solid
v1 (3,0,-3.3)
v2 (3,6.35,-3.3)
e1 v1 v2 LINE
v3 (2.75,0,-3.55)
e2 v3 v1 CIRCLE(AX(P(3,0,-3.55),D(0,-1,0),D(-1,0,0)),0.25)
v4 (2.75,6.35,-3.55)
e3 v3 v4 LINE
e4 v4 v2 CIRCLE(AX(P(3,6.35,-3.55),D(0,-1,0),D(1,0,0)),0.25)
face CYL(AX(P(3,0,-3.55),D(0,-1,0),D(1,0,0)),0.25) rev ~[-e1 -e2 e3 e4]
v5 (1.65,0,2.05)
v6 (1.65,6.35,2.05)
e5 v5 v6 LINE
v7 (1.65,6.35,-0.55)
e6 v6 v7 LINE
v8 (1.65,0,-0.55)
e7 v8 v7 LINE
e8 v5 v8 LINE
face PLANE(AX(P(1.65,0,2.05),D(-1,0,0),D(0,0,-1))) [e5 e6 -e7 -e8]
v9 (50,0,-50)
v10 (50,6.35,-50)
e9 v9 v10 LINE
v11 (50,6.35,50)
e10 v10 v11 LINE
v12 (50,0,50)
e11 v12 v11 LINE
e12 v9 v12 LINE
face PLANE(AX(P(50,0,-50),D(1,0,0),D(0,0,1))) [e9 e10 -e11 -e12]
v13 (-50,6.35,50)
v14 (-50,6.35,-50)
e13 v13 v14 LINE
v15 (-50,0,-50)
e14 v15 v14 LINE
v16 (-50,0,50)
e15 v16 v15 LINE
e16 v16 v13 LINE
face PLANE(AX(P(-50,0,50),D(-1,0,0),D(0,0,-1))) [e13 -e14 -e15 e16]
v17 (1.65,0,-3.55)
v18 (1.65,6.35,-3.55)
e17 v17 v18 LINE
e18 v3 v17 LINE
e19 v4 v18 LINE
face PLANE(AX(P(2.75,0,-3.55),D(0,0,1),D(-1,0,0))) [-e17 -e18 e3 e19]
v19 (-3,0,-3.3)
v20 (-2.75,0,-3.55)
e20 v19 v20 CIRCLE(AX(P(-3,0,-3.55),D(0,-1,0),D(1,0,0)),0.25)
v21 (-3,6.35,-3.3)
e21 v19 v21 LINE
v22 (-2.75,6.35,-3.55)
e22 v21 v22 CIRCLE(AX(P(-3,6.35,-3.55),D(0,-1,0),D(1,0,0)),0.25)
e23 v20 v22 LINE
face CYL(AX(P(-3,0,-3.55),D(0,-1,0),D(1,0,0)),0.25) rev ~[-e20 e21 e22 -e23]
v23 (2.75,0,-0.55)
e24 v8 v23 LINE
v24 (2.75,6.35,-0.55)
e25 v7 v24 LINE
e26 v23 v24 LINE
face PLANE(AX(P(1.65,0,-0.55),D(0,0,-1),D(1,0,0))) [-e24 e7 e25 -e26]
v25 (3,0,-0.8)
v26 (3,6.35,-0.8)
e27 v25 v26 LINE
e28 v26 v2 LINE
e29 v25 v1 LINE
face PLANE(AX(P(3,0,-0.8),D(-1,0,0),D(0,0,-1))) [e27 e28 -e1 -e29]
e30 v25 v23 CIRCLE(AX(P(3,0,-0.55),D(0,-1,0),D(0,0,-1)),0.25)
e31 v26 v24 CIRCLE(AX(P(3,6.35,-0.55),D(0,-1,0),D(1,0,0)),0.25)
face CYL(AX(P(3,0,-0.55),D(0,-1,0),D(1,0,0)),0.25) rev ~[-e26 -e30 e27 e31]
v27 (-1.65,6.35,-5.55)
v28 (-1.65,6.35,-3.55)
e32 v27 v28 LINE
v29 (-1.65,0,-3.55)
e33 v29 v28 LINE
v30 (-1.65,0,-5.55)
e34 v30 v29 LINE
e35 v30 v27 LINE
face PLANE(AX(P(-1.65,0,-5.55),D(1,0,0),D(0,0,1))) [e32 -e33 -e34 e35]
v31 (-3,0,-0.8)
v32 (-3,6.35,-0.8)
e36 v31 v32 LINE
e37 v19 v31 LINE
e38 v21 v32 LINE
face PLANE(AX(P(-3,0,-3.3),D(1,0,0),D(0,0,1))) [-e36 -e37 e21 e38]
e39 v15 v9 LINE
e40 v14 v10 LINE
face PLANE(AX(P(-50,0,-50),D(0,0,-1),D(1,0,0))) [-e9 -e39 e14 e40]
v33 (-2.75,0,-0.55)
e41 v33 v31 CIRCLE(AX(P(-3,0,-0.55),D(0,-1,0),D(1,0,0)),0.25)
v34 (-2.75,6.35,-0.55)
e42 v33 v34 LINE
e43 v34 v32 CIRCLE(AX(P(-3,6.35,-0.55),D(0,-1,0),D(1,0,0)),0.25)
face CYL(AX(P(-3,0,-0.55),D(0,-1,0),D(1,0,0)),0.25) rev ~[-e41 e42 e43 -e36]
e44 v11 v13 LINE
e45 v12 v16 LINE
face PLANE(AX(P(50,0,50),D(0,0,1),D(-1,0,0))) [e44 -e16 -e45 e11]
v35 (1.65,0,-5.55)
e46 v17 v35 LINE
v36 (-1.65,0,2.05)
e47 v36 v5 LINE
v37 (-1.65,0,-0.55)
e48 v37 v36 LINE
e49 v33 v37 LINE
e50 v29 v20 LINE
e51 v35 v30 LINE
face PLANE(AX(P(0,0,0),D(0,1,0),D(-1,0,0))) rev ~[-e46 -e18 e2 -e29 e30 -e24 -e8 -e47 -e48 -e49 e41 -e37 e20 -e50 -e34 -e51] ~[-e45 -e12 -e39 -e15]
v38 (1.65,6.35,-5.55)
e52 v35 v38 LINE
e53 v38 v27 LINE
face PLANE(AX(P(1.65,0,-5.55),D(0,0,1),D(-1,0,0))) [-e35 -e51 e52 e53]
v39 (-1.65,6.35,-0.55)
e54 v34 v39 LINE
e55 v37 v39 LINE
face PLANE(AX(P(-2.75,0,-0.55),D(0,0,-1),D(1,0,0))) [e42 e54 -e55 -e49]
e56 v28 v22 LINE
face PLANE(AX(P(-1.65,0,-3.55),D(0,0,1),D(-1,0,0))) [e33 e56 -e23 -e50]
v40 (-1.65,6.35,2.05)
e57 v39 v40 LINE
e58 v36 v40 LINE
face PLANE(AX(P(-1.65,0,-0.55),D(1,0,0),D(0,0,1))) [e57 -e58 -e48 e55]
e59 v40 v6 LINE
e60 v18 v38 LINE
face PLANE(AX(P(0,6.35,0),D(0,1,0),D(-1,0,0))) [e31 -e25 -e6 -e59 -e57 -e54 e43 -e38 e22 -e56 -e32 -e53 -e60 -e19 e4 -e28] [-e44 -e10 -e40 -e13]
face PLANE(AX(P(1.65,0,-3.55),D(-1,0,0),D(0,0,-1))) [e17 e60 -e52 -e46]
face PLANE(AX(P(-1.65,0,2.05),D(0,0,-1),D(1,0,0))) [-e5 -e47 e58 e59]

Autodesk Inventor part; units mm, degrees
ref_plane "YZ Plane" through (0, 0, 0) normal (1, 0, 0) x (0, 1, 0)
ref_plane "XZ Plane" through (0, 0, 0) normal (0, 1, 0) x (-1, 0, 0)
ref_plane "XY Plane" through (0, 0, 0) normal (0, 0, 1) x (1, 0, 0)
sketch "Sketch1" plane through (0, 0, 0) normal (0, 1, 0) x (-1, 0, 0)
  line L0 (50, -50) -> (-50, -50)
  line L1 (-50, -50) -> (-50, 50)
  line L2 (-50, 50) -> (50, 50)
  line L3 (50, 50) -> (50, -50)
  line L4 (50, -50) -> (-50, 50) construction
  line L5 (-50, -50) -> (50, 50) construction
  point P0 (0, 0)
  dimension "d0" = 100
  dimension "d1" = 100
extrude "Extrusion1" add sketch "Sketch1" along normal blind 6.35
sketch "Sketch7" plane through (0, 0, 0) normal (0, -1, 0) x (1, 0, 0)
  line L0 (1.65, -2.05) -> (-1.65, -2.05)
  line L1 (-1.65, -2.05) -> (-1.65, 2.05)
  line L2 (-1.65, 2.05) -> (1.65, 2.05)
  line L3 (1.65, 2.05) -> (1.65, -2.05)
  line L4 (1.65, -2.05) -> (-1.65, 2.05) construction
  line L5 (-1.65, -2.05) -> (1.65, 2.05) construction
  line L6 (3, -3.55) -> (-3, -3.55)
  line L7 (-3, -3.55) -> (-3, -0.55)
  line L8 (-3, -0.55) -> (3, -0.55)
  line L9 (3, -0.55) -> (3, -3.55)
  line L10 (3, -3.55) -> (-3, -0.55) construction
  line L11 (-3, -3.55) -> (3, -0.55) construction
  circle A0 centre (-3, -0.55) radius 0.25
  circle A1 centre (3, -0.55) radius 0.25
  circle A2 centre (3, -3.55) radius 0.25
  circle A3 centre (-3, -3.55) radius 0.25
  line L12 (-1.65, -2.05) -> (1.65, -2.05)
  line L13 (1.65, -2.05) -> (1.65, -3.55)
  line L14 (1.65, -3.55) -> (-1.65, -3.55)
  line L15 (-1.65, -3.55) -> (-1.65, -2.05)
  line L16 (-1.65, -3.55) -> (1.65, -3.55)
  line L17 (1.65, -3.55) -> (1.65, -5.55)
  line L18 (1.65, -5.55) -> (-1.65, -5.55)
  line L19 (-1.65, -5.55) -> (-1.65, -3.55)
  point P0 (0, 0)
  point P1 (0, -2.05)
  dimension "d49" = 5.6
  dimension "d50" = 3.3
  dimension "d51" = 6
  dimension "d52" = 3
  dimension "d55" = 0.5
  dimension "d56" = 0.5
  dimension "d57" = 0.5
  dimension "d58" = 0.5
  dimension "d59" = 2
extrude "Extrusion7" cut sketch "Sketch7" against normal up to next
sketch "Sketch6" plane through (0, 0, 0) normal (0, -1, 0) x (1, 0, 0)
  line L0 (-50, -50) -> (50, -50) projected
  line L1 (50, 50) -> (-50, 50) projected
  line L2 (1.65, 45.9) -> (-1.65, 45.9)
  line L3 (-1.65, 45.9) -> (-1.65, 50)
  line L4 (-1.65, 50) -> (1.65, 50)
  line L5 (1.65, 50) -> (1.65, 45.9)
  line L6 (1.65, 45.9) -> (-1.65, 50) construction
  line L7 (-1.65, 45.9) -> (1.65, 50) construction
  line L8 (3, 44.4) -> (-3, 44.4)
  line L9 (-3, 44.4) -> (-3, 47.4)
  line L10 (-3, 47.4) -> (3, 47.4)
  line L11 (3, 47.4) -> (3, 44.4)
  line L12 (3, 44.4) -> (-3, 47.4) construction
  line L13 (-3, 44.4) -> (3, 47.4) construction
  line L14 (20.8795, -44.4) -> (-20.8795, -44.4)
  line L15 (-20.8795, -44.4) -> (-20.8795, 44.4)
  line L16 (-20.8795, 44.4) -> (20.8795, 44.4)
  line L17 (20.8795, 44.4) -> (20.8795, -44.4)
  line L18 (20.8795, -44.4) -> (-20.8795, 44.4) construction
  line L19 (-20.8795, -44.4) -> (20.8795, 44.4) construction
  line L20 (0, 44.4) -> (0, -44.4)
  point P0 (0, 0)
  point P1 (0, 47.95)
  point P2 (0, 45.9)
  dimension "d43" = 5.6
  dimension "d44" = 3
  dimension "d45" = 6
  dimension "d46" = 3.3
sketch "Sketch5" plane through (0, 6.35, 0) normal (0, 1, 0) x (1, 0, 0)
  line L0 (50, 50) -> (-50, 50) projected
  line L1 (1.65, 50) -> (0, 50)
  line L2 (0, 50) -> (0, 0)
  line L3 (0, 0) -> (1.65, 0)
  line L4 (1.65, 0) -> (1.65, 50)
  line L5 (0, 0) -> (-1.65, 0)
  line L6 (-1.65, 0) -> (-1.65, 50)
  line L7 (-1.65, 50) -> (0, 50)
  line L8 (0, 50) -> (0, 0)
  line L9 (-1.65, 44.4) -> (1.65, 44.4)
  line L10 (3, 44.4) -> (-3, 44.4)
  line L11 (-3, 44.4) -> (-3, 47.4)
  line L12 (-3, 47.4) -> (3, 47.4)
  line L13 (3, 47.4) -> (3, 44.4)
  dimension "d36" = 3.3
  dimension "d37" = 5.6
  dimension "d38" = 6
  dimension "d39" = 3
  dimension "d40" = 0
equation "\"d49\" = screw_length - m2_thickness"
equation "\"d50\" = screw_width"
equation "\"d51\" = nut_width"
equation "\"d52\" = nut_thickness"
equation "\"d55\" = relief"
equation "\"d56\" = relief"
equation "\"d57\" = relief"
equation "\"d58\" = relief"
equation "\"d59\" = extra_screw"
equation "\"d43\" = screw_length - m2_thickness"
equation "\"d44\" = nut_thickness"
equation "\"d45\" = nut_width"
equation "\"d46\" = screw_width"
equation "\"d36\" = screw_width"
equation "\"d37\" = screw_length - m2_thickness"
equation "\"d38\" = nut_width"
equation "\"d39\" = nut_thickness"
equation "\"m2_thickness\" = 6.4"
equation "\"screw_length\" = 12"
equation "\"nut_width\" = 6"
equation "\"nut_thickness\" = 3"
equation "\"screw_width\" = 3.3"
equation "\"relief\" = 0.5"
equation "\"extra_screw\" = 2"
properties part number "screwlockgen"
